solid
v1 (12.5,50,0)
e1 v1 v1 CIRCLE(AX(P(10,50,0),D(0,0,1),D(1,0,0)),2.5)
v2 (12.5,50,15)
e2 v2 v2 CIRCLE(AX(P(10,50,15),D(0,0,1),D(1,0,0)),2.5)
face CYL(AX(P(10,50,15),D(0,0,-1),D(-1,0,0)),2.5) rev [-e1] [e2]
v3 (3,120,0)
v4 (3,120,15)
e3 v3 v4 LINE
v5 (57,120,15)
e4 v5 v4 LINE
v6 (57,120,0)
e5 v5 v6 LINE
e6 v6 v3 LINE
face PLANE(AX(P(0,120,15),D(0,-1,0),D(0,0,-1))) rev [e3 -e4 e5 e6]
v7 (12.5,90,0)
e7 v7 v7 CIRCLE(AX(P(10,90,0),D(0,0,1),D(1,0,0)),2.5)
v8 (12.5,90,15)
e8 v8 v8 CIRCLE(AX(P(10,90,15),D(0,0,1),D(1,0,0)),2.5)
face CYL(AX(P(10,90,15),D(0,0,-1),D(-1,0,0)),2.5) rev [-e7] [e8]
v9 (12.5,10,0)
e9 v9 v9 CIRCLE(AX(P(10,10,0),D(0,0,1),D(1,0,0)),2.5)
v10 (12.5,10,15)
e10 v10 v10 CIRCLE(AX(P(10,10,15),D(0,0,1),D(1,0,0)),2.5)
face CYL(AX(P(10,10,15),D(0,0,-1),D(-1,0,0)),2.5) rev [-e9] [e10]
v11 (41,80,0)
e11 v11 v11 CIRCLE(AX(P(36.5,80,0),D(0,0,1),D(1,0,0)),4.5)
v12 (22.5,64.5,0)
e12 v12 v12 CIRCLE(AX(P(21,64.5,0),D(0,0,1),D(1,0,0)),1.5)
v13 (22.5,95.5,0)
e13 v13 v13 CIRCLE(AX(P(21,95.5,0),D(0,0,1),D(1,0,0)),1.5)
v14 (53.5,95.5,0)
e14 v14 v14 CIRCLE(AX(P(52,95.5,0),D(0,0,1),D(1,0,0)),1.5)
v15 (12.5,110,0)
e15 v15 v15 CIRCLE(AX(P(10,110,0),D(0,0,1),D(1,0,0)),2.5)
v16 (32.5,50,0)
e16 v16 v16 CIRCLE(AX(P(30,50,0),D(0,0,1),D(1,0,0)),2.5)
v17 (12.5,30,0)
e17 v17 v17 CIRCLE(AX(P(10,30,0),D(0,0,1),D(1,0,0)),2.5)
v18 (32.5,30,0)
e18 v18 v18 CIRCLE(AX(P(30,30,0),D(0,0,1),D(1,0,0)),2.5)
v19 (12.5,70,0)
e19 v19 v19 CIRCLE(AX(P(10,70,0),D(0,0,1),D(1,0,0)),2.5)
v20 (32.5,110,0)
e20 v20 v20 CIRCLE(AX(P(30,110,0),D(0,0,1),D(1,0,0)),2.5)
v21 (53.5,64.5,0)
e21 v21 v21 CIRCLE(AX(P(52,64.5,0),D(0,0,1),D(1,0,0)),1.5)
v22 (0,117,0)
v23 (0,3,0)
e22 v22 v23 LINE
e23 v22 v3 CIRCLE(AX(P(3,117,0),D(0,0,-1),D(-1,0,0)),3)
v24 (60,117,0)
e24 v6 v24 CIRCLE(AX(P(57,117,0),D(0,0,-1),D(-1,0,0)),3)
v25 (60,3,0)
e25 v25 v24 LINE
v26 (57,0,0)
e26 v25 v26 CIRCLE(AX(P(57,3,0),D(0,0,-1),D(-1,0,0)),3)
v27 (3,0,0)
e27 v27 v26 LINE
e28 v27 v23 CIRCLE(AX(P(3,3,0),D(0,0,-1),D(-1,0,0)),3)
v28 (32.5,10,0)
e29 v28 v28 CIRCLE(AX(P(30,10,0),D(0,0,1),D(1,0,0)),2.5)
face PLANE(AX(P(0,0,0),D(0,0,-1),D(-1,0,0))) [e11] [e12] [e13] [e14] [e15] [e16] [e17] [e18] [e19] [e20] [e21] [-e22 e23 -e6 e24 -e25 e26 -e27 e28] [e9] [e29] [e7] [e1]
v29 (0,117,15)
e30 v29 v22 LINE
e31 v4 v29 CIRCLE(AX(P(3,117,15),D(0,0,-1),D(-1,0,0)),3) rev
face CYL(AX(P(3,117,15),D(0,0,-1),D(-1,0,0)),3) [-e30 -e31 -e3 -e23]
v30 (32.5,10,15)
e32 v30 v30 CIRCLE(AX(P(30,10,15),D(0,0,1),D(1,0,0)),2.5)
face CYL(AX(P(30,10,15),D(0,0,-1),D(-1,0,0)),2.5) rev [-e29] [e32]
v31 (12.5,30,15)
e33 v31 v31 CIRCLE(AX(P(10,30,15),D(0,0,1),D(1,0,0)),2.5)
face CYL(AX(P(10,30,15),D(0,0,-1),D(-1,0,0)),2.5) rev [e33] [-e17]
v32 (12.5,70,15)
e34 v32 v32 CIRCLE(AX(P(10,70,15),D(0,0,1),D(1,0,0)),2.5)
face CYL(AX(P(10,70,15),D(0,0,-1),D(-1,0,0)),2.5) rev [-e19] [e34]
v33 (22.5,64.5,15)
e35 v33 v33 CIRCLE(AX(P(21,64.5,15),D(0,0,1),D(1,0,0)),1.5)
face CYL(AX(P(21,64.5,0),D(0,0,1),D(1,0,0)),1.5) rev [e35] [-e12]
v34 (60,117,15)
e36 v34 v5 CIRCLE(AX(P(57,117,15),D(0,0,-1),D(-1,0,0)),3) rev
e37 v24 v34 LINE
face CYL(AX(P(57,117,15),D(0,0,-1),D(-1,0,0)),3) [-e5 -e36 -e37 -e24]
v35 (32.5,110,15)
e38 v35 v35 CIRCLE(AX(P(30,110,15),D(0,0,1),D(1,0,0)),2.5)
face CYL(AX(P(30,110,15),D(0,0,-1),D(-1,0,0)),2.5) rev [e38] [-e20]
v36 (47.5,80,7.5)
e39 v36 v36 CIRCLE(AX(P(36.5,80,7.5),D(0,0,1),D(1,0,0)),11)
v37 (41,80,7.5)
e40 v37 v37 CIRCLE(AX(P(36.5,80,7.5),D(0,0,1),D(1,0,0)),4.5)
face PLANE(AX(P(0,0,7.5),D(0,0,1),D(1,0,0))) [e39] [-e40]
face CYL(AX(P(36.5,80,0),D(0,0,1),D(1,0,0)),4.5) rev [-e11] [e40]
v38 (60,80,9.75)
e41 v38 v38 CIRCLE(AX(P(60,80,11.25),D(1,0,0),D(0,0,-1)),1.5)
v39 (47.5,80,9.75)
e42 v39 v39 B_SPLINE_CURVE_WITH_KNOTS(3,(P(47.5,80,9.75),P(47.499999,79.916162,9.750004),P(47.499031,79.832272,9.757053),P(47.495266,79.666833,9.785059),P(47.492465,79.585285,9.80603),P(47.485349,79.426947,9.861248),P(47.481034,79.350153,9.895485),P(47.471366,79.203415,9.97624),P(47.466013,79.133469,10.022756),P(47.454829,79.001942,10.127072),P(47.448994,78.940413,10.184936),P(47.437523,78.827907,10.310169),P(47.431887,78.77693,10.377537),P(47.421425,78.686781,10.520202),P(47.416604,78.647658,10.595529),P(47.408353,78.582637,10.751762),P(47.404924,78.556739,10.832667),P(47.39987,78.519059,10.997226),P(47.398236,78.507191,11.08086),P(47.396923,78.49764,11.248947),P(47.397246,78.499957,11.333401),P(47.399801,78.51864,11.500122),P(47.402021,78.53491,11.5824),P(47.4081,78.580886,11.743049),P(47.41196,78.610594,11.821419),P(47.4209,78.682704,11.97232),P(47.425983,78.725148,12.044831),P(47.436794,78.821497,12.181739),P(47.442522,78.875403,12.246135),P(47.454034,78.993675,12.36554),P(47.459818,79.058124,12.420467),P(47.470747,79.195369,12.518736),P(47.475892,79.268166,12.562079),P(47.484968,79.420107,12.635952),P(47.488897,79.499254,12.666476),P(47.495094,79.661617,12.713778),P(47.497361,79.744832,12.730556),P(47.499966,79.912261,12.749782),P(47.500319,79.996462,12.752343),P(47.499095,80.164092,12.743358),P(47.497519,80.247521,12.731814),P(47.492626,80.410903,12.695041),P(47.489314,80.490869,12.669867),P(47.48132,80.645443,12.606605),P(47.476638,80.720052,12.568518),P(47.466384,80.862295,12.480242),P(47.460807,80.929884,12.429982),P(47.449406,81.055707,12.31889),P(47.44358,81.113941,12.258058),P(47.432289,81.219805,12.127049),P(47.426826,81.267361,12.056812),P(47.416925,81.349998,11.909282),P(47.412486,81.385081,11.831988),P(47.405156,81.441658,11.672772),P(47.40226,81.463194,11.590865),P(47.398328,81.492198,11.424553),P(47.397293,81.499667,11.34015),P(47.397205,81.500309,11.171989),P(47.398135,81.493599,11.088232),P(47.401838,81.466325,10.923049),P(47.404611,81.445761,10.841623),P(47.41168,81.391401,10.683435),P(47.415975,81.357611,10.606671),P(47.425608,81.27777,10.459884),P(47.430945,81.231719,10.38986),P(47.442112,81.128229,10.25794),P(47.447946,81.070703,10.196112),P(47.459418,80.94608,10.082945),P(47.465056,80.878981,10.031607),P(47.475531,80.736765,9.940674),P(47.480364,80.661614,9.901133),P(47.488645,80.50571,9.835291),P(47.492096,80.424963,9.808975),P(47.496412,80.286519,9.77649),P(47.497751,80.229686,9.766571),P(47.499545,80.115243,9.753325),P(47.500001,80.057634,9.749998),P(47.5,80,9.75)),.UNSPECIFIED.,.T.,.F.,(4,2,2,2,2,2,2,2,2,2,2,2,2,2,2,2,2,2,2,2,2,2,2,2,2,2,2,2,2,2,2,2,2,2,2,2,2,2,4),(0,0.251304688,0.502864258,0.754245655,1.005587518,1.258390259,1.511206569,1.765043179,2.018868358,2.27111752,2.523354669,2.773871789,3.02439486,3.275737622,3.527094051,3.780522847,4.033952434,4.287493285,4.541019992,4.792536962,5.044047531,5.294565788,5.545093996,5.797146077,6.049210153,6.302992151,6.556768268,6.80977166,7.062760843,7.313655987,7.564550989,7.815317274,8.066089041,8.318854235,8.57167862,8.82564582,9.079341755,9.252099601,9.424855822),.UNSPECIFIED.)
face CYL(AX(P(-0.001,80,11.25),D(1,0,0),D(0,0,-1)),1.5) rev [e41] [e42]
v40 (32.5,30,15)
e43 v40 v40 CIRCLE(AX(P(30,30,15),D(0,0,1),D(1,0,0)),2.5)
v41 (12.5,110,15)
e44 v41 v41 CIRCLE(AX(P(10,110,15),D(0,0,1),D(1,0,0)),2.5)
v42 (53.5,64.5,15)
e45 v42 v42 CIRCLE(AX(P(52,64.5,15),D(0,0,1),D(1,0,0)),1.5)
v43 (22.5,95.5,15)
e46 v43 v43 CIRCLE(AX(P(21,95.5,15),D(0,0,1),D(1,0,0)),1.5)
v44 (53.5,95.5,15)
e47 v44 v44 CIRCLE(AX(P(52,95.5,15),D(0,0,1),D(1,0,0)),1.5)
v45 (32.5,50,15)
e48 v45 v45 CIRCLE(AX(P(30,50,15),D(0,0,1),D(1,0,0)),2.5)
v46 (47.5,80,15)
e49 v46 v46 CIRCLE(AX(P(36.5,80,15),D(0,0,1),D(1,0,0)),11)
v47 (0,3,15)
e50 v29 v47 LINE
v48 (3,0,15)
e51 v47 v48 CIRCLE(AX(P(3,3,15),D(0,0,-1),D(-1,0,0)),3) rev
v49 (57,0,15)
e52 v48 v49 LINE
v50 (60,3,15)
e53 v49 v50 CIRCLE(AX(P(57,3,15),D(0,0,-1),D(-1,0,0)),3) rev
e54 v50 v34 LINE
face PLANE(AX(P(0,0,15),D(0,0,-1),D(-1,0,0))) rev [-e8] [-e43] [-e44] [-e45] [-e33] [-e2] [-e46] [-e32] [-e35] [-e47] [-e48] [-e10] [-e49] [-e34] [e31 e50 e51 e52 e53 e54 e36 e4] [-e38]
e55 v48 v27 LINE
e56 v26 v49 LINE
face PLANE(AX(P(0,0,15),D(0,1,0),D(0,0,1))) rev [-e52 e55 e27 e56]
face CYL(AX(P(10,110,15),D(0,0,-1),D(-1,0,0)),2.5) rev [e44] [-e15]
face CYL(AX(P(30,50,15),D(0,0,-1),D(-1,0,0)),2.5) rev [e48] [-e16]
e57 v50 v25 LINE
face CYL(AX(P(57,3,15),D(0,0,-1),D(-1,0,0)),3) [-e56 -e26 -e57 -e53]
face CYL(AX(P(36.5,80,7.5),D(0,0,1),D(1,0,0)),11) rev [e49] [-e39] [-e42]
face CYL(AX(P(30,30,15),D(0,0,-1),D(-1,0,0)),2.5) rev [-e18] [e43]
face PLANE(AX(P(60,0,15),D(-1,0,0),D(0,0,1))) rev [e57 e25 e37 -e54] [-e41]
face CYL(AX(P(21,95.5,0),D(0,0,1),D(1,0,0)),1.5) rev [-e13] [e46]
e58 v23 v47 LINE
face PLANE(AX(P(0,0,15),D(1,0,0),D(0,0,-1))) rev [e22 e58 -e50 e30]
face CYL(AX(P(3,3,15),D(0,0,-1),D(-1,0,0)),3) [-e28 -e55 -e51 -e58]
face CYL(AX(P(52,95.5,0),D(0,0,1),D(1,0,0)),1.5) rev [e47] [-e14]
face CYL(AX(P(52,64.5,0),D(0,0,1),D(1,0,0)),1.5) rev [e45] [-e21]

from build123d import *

# Parameters (mm, degrees)
SKETCH1_W               = 60
SKETCH1_H               = 120
SKETCH1_R               = 2.5
BOSS_EXTRUDE1_DEPTH     = 15
FILLET1_R               = 3
SKETCH2_R               = 4.5
SKETCH2_R_2             = 1.5
CUT_EXTRUDE1_DEPTH      = 136
SKETCH2_3_R             = 11
SKETCH2_3_R_2           = 4.5
CUT_EXTRUDE2_DEPTH      = 7.5
CUT_EXTRUDE3_REACH      = 137
CUT_EXTRUDE3_END_RADIUS = 11
SKETCH3_R               = 1.5


with BuildPart() as part:
    # Sketch1 → Boss-Extrude1 (new body)
    with BuildSketch(Plane.XY):
        with Locations((30, 60)):
            Rectangle(SKETCH1_W, SKETCH1_H)
        with Locations((10, 110)):
            Circle(SKETCH1_R, mode=Mode.SUBTRACT)
        with Locations((30, 110)):
            Circle(SKETCH1_R, mode=Mode.SUBTRACT)
        with Locations((10, 90)):
            Circle(SKETCH1_R, mode=Mode.SUBTRACT)
        with Locations((10, 70)):
            Circle(SKETCH1_R, mode=Mode.SUBTRACT)
        with Locations((10, 10)):
            Circle(SKETCH1_R, mode=Mode.SUBTRACT)
        with Locations((30, 10)):
            Circle(SKETCH1_R, mode=Mode.SUBTRACT)
        with Locations((30, 50)):
            Circle(SKETCH1_R, mode=Mode.SUBTRACT)
        with Locations((10, 50)):
            Circle(SKETCH1_R, mode=Mode.SUBTRACT)
        with Locations((10, 30)):
            Circle(SKETCH1_R, mode=Mode.SUBTRACT)
        with Locations((30, 30)):
            Circle(SKETCH1_R, mode=Mode.SUBTRACT)
    extrude(amount=BOSS_EXTRUDE1_DEPTH)

    # Fillet1
    fillet1_edges = [part.edges().sort_by_distance(p)[0] for p in [
        (0, 120, 7.5),
        (60, 120, 7.5),
        (60, 0, 7.5),
        (0, 0, 7.5),
    ]]
    fillet(fillet1_edges, radius=FILLET1_R)

    # Sketch2 → Cut-Extrude1 (cut, through all)
    with BuildSketch(Plane.XY.offset(15)):
        with Locations((36.5, 80)):
            Circle(SKETCH2_R)
        with Locations((52, 95.5)):
            Circle(SKETCH2_R_2)
        with Locations((21, 95.5)):
            Circle(SKETCH2_R_2)
        with Locations((52, 64.5)):
            Circle(SKETCH2_R_2)
        with Locations((21, 64.5)):
            Circle(SKETCH2_R_2)
    extrude(amount=-CUT_EXTRUDE1_DEPTH, mode=Mode.SUBTRACT)

    # Sketch2<3> → Cut-Extrude2 (cut)
    with BuildSketch(Plane.XY.offset(15)):
        with Locations((36.5, 80)):
            Circle(SKETCH2_3_R)
        with Locations((36.5, 80)):
            Circle(SKETCH2_3_R_2, mode=Mode.SUBTRACT)
    extrude(amount=-CUT_EXTRUDE2_DEPTH, mode=Mode.SUBTRACT)

    # Cut-Extrude3: up to this cylinder (the profile starts outside it)
    cut_extrude3_end = Plane(origin=(36.5, 80, 11.25), z_dir=(0, 0, 1)) * Cylinder(CUT_EXTRUDE3_END_RADIUS, 297, mode=Mode.PRIVATE)
    # Sketch3 → Cut-Extrude3 (cut, up to the surface)
    with BuildSketch(Plane(origin=(60, 0, 0), x_dir=(0, 0, -1), z_dir=(1, 0, 0)), mode=Mode.PRIVATE) as cut_extrude3_sk1:
        with Locations((-11.25, 80)):
            Circle(SKETCH3_R)
    cut_extrude3_tool1 = extrude(cut_extrude3_sk1.sketch, amount=-CUT_EXTRUDE3_REACH, mode=Mode.PRIVATE) - cut_extrude3_end
    add(cut_extrude3_tool1.solids().sort_by_distance((60, 80, 11.25))[0], mode=Mode.SUBTRACT)


solid = part.part
